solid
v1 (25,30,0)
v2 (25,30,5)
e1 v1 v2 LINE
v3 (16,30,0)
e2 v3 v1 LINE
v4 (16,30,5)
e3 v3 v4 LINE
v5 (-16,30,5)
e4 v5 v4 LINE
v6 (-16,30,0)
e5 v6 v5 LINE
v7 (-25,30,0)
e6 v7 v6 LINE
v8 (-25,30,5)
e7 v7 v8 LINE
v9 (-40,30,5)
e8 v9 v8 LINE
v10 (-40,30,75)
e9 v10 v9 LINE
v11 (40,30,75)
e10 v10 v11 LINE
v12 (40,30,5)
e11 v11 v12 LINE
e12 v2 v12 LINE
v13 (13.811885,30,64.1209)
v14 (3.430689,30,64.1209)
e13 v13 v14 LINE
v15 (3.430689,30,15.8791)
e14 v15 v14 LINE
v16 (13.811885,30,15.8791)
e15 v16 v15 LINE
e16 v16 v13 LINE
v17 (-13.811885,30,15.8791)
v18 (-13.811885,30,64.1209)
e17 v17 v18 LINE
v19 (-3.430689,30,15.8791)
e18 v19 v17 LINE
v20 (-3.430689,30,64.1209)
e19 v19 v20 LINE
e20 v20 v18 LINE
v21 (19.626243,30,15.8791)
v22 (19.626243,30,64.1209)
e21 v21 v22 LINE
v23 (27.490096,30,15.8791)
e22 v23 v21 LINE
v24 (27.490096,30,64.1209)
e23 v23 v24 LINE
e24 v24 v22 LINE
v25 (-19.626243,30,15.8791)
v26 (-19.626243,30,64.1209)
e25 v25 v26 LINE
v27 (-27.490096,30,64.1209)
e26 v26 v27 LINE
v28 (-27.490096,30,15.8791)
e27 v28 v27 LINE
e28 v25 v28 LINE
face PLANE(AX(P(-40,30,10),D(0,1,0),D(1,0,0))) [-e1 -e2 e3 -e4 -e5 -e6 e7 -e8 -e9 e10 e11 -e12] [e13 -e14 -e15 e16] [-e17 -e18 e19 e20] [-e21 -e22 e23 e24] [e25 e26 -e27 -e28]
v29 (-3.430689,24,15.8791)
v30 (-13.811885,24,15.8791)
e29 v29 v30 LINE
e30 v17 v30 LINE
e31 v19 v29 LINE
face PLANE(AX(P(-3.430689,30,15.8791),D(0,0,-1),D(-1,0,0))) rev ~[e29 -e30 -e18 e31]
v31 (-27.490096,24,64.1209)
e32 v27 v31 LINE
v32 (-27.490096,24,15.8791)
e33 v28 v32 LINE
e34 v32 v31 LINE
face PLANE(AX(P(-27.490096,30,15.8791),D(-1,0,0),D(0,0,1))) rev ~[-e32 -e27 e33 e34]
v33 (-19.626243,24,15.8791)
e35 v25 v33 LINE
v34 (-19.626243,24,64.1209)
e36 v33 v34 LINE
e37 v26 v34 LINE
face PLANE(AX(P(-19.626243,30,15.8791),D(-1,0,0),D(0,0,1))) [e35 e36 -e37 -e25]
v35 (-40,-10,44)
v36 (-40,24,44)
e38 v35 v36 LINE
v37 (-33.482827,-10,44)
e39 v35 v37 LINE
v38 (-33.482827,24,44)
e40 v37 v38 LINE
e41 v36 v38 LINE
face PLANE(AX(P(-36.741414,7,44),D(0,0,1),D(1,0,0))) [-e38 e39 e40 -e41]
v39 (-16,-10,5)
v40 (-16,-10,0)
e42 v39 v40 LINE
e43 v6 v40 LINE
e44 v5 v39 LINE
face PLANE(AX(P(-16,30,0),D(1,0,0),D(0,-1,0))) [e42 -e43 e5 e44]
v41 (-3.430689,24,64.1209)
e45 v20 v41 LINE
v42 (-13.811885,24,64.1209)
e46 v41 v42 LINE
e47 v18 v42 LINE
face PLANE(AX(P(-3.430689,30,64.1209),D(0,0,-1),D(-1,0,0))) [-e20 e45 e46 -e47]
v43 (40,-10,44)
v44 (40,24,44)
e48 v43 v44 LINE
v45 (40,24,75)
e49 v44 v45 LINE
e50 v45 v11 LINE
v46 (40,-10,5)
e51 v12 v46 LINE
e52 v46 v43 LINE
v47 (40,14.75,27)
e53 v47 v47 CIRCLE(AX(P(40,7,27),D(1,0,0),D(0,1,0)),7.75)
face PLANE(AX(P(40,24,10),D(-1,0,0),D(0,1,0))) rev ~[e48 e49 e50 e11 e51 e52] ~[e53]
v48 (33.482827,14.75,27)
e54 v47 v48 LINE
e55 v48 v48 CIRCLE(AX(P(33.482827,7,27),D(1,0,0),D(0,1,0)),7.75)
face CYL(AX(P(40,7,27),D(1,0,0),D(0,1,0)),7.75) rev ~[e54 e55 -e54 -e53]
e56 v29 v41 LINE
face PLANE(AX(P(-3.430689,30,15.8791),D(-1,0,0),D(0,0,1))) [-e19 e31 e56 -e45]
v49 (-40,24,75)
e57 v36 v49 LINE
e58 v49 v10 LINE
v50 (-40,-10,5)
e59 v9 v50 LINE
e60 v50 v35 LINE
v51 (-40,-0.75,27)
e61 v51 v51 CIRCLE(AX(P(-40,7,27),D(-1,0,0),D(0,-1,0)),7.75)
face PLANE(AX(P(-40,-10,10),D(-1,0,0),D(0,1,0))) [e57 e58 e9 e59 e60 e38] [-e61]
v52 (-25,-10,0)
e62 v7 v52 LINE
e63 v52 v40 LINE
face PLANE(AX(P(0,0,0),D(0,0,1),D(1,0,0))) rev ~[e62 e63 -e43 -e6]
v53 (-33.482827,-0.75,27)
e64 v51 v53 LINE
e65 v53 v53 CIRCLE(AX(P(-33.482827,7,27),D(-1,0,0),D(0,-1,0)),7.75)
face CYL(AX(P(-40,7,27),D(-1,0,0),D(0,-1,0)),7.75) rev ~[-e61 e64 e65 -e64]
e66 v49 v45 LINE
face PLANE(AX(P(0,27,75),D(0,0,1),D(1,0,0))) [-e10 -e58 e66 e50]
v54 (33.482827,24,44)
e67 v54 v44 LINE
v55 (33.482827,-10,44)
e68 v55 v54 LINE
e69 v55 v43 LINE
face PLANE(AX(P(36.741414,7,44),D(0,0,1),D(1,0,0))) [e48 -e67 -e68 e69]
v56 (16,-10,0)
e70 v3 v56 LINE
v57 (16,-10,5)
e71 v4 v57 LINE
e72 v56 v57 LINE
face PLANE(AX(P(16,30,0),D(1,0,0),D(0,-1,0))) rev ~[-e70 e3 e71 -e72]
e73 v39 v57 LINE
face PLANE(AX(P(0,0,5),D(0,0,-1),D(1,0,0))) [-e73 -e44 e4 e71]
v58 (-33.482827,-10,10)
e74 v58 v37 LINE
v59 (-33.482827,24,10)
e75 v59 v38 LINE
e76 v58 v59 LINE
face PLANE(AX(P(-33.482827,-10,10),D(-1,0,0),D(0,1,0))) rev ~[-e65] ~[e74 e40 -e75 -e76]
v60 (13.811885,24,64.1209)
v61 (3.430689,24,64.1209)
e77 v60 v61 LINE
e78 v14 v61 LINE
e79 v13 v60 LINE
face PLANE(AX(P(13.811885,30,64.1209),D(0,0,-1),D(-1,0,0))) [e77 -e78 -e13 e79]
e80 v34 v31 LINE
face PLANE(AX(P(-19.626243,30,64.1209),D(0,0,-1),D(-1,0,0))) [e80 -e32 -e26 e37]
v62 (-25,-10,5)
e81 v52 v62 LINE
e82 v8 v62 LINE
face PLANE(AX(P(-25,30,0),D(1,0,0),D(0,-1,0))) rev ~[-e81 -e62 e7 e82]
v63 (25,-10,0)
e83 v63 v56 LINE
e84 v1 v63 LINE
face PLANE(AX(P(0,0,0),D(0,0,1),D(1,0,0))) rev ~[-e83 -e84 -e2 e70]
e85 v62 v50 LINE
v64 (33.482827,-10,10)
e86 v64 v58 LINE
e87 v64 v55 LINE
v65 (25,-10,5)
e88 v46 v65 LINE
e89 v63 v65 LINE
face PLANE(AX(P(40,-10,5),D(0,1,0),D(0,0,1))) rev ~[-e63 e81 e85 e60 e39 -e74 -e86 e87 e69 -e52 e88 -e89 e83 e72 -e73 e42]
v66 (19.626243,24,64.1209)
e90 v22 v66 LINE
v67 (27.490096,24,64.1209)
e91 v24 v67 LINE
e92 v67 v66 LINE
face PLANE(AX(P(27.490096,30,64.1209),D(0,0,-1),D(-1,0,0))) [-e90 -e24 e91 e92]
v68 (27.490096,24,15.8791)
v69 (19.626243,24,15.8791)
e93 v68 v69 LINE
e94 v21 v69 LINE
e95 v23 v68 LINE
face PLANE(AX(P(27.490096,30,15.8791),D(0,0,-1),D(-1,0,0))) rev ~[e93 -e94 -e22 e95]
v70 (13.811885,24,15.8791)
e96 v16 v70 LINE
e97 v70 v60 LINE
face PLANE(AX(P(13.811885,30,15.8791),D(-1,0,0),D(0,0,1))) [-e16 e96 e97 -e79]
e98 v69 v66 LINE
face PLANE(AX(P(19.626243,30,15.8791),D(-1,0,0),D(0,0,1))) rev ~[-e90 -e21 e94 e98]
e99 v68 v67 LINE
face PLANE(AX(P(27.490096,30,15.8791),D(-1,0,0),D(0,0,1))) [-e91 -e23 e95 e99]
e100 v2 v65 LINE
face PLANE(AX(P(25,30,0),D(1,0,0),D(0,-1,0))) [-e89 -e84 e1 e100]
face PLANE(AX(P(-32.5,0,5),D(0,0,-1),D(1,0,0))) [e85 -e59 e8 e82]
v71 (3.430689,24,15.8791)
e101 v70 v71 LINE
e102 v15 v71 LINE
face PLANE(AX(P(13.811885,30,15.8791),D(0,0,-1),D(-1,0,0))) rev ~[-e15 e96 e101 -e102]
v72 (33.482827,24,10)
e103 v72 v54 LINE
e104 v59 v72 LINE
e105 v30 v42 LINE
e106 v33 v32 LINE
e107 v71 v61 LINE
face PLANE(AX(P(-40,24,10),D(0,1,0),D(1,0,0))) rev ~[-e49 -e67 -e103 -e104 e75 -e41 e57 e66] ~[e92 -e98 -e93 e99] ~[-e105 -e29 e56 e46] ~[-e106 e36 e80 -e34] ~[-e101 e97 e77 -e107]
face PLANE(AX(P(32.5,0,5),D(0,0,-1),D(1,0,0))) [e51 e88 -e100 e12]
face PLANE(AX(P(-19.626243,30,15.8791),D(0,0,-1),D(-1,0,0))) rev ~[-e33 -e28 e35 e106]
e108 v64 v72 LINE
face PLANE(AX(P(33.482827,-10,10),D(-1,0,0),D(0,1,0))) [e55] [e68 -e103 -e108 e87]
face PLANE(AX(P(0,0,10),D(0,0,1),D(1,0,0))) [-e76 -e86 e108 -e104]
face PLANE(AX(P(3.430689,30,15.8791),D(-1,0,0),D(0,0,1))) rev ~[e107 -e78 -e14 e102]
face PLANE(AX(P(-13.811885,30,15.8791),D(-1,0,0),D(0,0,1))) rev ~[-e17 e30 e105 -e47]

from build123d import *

# Parameters (mm, degrees)
F0_W      = 80
F0_H      = 60
F1_DEPTH  = 10
F2_W      = 15
F2_H      = 60
F2_W_2    = 32
F3_DEPTH  = 5
F4_W      = 80
F4_H      = 6
F5_DEPTH  = 65
F7_W      = 7.8638531268
F7_H      = 48.2417996228
F7_W_2    = 10.3811963927
F8_DEPTH  = 25
F9_W      = 6.5171729342
F9_H      = 34
F10_DEPTH = 34
F11_R     = 7.75
F13_DEPTH = 25
F14_W     = 20
F14_H     = 5
F15_DEPTH = 90
F16_W     = 20
F16_H     = 5
F17_DEPTH = 25
F18_W     = 20
F18_H     = 5
F19_DEPTH = 25
F12_R     = 7.75
F20_DEPTH = 25


with BuildPart() as f1:
    # F0 (on Top) → F1 (new body)
    with BuildSketch(Plane.XY):
        Rectangle(F0_W, F0_H)
    extrude(amount=F1_DEPTH)

    # F2 (on face) → F3 (cut)
    with BuildSketch(Plane(origin=(0, 0, 0), x_dir=(1, 0, 0), z_dir=(0, 0, -1))):
        with Locations((32.5, 0)):
            Rectangle(F2_W, F2_H)
        Rectangle(F2_W_2, F2_H)
        with Locations((-32.5, 0)):
            Rectangle(F2_W, F2_H)
    extrude(amount=-F3_DEPTH, mode=Mode.SUBTRACT)

    # F4 (on face) → F5 (join)
    with BuildSketch(Plane.XY.offset(10)):
        with Locations((0, 27)):
            Rectangle(F4_W, F4_H)
    extrude(amount=F5_DEPTH)

    # F7 (on face) → F8 (cut)
    with BuildSketch(Plane(origin=(0, 30, 0), x_dir=(-1, 0, 0), z_dir=(0, 1, 0))):
        with Locations((-23.5581696033, 40)):
            Rectangle(F7_W, F7_H)
        with Locations((-8.6212871829, 40)):
            Rectangle(F7_W_2, F7_H)
        with Locations((8.6212871829, 40)):
            Rectangle(F7_W_2, F7_H)
        with Locations((23.5581696033, 40)):
            Rectangle(F7_W, F7_H)
    extrude(amount=-F8_DEPTH, mode=Mode.SUBTRACT)

    # F9 (on face) → F10 (join)
    with BuildSketch(Plane.XY.offset(10)):
        with Locations((-36.7414135329, 7)):
            Rectangle(F9_W, F9_H)
        with Locations((36.7414135329, 7)):
            Rectangle(F9_W, F9_H)
    extrude(amount=F10_DEPTH)

    # F11 (on face) → F13 (cut)
    with BuildSketch(Plane(origin=(-40, 0, 0), x_dir=(0, -1, 0), z_dir=(-1, 0, 0))):
        with Locations((-7, 27)):
            Circle(F11_R)
    extrude(amount=-F13_DEPTH, mode=Mode.SUBTRACT)

    # F14 (on face) → F15 (cut)
    with BuildSketch(Plane.YZ.offset(40)):
        with Locations((-20, 7.5)):
            Rectangle(F14_W, F14_H)
    extrude(amount=-F15_DEPTH, mode=Mode.SUBTRACT)

    # F16 (on face) → F17 (cut)
    with BuildSketch(Plane.YZ.offset(25)):
        with Locations((-20, 2.5)):
            Rectangle(F16_W, F16_H)
    extrude(amount=-F17_DEPTH, mode=Mode.SUBTRACT)

    # F18 (on face) → F19 (cut)
    with BuildSketch(Plane(origin=(-25, 0, 0), x_dir=(0, -1, 0), z_dir=(-1, 0, 0))):
        with Locations((20, 2.5)):
            Rectangle(F18_W, F18_H)
    extrude(amount=-F19_DEPTH, mode=Mode.SUBTRACT)

    # F12 (on face) → F20 (cut)
    with BuildSketch(Plane.YZ.offset(40)):
        with Locations((7, 27)):
            Circle(F12_R)
    extrude(amount=-F20_DEPTH, mode=Mode.SUBTRACT)


solid = f1.part
